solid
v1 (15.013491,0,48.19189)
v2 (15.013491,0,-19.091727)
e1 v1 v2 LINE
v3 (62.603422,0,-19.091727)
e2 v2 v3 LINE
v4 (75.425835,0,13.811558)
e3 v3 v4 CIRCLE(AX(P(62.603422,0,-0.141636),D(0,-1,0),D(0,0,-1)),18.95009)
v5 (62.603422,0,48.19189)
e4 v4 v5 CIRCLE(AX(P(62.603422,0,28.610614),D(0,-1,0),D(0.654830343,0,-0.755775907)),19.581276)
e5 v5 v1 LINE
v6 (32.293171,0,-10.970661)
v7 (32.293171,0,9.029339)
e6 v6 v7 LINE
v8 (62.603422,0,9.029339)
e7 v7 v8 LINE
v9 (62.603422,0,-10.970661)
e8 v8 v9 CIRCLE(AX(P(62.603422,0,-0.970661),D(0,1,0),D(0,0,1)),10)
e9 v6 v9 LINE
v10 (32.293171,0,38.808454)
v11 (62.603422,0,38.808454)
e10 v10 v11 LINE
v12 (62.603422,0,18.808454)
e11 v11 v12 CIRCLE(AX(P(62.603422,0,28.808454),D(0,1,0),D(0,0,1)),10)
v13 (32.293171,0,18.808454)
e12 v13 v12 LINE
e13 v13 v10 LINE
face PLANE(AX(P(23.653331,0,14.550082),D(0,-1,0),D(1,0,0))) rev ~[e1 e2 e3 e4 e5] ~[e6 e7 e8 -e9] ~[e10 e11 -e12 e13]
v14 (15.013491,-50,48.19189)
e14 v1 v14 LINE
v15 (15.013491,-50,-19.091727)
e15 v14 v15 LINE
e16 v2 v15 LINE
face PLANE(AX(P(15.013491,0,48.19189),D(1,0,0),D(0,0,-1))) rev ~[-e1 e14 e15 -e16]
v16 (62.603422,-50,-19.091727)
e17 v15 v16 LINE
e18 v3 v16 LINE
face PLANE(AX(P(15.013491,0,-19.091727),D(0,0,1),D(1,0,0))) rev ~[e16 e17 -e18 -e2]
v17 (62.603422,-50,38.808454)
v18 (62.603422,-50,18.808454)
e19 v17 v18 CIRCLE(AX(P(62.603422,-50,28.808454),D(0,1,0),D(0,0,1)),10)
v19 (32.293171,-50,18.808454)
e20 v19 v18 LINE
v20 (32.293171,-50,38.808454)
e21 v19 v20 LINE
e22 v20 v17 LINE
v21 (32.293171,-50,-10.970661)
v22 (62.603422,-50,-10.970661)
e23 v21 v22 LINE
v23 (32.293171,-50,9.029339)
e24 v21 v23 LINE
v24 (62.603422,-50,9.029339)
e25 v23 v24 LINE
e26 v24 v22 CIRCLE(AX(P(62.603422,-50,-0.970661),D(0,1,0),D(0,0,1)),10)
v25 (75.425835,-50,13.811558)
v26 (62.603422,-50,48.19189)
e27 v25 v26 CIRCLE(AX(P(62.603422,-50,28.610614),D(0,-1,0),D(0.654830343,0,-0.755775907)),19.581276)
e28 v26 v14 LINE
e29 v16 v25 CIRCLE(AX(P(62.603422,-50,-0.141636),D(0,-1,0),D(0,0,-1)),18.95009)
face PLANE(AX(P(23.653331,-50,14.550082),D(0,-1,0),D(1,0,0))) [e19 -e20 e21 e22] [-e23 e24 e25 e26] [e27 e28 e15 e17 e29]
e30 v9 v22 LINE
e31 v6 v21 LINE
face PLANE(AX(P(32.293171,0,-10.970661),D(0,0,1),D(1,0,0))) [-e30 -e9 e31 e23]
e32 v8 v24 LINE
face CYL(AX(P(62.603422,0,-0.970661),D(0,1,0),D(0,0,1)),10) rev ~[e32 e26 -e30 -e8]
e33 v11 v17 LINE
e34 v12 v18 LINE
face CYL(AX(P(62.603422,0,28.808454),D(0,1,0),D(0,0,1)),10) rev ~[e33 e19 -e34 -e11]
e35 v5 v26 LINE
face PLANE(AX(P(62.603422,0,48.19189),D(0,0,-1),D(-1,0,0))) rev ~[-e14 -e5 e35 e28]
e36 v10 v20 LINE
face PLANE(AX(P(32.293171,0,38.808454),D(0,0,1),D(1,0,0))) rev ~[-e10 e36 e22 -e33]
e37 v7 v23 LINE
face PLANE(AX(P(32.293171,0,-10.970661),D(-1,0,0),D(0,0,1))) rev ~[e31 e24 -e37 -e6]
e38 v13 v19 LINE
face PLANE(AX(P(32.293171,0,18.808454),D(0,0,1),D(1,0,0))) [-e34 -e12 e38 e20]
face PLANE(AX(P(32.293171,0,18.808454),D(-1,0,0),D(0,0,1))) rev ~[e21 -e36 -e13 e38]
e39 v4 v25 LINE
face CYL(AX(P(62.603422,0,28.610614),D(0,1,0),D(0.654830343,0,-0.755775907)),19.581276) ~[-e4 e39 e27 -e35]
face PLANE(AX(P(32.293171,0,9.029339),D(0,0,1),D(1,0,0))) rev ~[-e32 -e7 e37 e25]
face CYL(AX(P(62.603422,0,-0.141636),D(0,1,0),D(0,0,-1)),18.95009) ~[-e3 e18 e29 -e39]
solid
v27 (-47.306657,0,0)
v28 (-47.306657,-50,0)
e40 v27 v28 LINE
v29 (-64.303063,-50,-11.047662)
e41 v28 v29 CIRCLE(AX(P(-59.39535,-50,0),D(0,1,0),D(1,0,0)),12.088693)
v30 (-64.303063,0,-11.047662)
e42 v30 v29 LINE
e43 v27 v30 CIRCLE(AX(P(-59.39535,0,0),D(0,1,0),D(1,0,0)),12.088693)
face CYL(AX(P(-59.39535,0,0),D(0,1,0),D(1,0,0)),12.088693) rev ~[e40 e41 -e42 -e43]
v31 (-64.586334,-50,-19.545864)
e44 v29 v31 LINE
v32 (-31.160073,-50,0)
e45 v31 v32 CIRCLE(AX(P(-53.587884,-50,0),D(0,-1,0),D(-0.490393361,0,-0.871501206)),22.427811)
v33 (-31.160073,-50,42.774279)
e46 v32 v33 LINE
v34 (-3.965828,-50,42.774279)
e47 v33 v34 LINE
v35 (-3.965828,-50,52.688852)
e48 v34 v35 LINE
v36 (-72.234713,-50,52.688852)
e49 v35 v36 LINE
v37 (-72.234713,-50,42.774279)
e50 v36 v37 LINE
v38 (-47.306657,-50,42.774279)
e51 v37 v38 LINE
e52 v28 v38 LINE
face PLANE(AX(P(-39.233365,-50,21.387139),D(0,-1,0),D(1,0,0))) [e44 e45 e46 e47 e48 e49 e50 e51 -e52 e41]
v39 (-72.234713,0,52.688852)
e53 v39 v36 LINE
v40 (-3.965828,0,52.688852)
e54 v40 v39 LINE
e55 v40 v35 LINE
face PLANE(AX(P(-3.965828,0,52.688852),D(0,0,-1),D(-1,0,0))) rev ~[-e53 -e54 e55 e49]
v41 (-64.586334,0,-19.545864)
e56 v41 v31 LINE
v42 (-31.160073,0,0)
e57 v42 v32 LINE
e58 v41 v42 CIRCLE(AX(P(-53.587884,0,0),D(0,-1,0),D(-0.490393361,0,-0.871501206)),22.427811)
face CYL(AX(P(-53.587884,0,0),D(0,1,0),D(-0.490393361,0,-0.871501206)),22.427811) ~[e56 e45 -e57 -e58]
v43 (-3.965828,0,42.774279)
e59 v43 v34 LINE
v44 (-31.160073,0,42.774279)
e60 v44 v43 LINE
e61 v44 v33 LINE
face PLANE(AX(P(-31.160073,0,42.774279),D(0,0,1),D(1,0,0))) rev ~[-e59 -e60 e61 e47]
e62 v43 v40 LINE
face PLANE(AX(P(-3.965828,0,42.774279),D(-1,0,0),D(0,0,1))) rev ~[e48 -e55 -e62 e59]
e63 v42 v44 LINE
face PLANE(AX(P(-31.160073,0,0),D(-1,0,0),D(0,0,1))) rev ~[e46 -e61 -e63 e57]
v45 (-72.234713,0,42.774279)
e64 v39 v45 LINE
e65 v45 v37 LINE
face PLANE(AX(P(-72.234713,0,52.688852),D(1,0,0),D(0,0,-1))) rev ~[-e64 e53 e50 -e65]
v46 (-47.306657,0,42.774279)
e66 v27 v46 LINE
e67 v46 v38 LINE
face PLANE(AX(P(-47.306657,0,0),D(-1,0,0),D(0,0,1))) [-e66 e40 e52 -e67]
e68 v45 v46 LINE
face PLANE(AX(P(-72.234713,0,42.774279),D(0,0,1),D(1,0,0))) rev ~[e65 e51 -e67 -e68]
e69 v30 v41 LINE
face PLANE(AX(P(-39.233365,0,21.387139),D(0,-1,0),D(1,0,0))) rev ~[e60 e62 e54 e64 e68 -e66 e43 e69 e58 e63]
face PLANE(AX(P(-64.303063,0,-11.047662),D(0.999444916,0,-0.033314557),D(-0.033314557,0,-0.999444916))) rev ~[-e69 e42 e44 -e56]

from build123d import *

# Parameters (mm, degrees)
F1_W     = 30.3102508187
F1_H     = 9.3834362134
F1_H_2   = 8.121065446
F1_H_3   = 9.7791151471
F2_DEPTH = 50
F0_W     = 16.1465834826
F0_H     = 42.7742786705


with BuildPart() as f2:
    # F1 (on Front) → F2 (new body)
    with BuildSketch(Plane.XZ):
        Polygon((32.2931706905, 48.1918900415), (15.0134908035, 48.1918900415), (15.0134908035, -19.091726765), (32.2931706905, -19.091726765), (32.2931706905, -10.970661319), (32.2931706905, 9.029338681), (32.2931706905, 18.8084538281), (32.2931706905, 38.8084538281), align=None)
        with Locations((47.4482960999, 43.5001719348)):
            Rectangle(F1_W, F1_H)
        with Locations((47.4482960999, -15.031194042)):
            Rectangle(F1_W, F1_H_2)
        with Locations((47.4482960999, 13.9188962546)):
            Rectangle(F1_W, F1_H_3)
        with BuildLine():
            ThreePointArc((62.6034215093, 9.029338681), (69.4460070683, 10.2638059158), (75.4258349795, 13.8115579703))
            ThreePointArc((75.4258349795, 13.8115579703), (69.4842509545, 17.5150933645), (62.6034215093, 18.8084538281))
            Line((62.6034215093, 18.8084538281), (62.6034215093, 9.029338681))
        make_face()
        with BuildLine():
            ThreePointArc((62.6034215093, -19.091726765), (80.2601513422, -7.0224659137), (75.4258349795, 13.8115579703))
            ThreePointArc((75.4258349795, 13.8115579703), (69.4460070683, 10.2638059158), (62.6034215093, 9.029338681))
            ThreePointArc((62.6034215093, 9.029338681), (72.6034215093, -0.970661319), (62.6034215093, -10.970661319))
            Line((62.6034215093, -10.970661319), (62.6034215093, -19.091726765))
        make_face()
        with BuildLine():
            ThreePointArc((75.4258349795, 13.8115579703), (80.9502299547, 35.4531999203), (62.6034215093, 48.1918900415))
            Line((62.6034215093, 48.1918900415), (62.6034215093, 38.8084538281))
            ThreePointArc((62.6034215093, 38.8084538281), (72.6034215093, 28.8084538281), (62.6034215093, 18.8084538281))
            ThreePointArc((62.6034215093, 18.8084538281), (69.4842509545, 17.5150933645), (75.4258349795, 13.8115579703))
        make_face()
    extrude(amount=F2_DEPTH)


with BuildPart() as f2b:
    # F0 (on Front) → F2, piece 2 (new body)
    with BuildSketch(Plane.XZ):
        with Locations((-39.2333650962, 21.3871393353)):
            Rectangle(F0_W, F0_H)
        with BuildLine():
            Line((-31.1600733548, 0), (-47.3066568375, 0))
            ThreePointArc((-47.3066568375, 0), (-52.8071535408, -10.1356876731), (-64.3030628562, -11.0476622358))
            Line((-64.3030628562, -11.0476622358), (-64.5863339305, -19.5458643138))
            ThreePointArc((-64.5863339305, -19.5458643138), (-42.2667634376, -19.3607573964), (-31.1600733548, 0))
        make_face()
        Polygon((-3.9658276364, 52.6888519526), (-72.2347125411, 52.6888519526), (-72.2347125411, 42.7742786705), (-47.3066568375, 42.7742786705), (-31.1600733548, 42.7742786705), (-3.9658276364, 42.7742786705), align=None)
    extrude(amount=F2_DEPTH)


solid = Compound([f2.part, f2b.part])
